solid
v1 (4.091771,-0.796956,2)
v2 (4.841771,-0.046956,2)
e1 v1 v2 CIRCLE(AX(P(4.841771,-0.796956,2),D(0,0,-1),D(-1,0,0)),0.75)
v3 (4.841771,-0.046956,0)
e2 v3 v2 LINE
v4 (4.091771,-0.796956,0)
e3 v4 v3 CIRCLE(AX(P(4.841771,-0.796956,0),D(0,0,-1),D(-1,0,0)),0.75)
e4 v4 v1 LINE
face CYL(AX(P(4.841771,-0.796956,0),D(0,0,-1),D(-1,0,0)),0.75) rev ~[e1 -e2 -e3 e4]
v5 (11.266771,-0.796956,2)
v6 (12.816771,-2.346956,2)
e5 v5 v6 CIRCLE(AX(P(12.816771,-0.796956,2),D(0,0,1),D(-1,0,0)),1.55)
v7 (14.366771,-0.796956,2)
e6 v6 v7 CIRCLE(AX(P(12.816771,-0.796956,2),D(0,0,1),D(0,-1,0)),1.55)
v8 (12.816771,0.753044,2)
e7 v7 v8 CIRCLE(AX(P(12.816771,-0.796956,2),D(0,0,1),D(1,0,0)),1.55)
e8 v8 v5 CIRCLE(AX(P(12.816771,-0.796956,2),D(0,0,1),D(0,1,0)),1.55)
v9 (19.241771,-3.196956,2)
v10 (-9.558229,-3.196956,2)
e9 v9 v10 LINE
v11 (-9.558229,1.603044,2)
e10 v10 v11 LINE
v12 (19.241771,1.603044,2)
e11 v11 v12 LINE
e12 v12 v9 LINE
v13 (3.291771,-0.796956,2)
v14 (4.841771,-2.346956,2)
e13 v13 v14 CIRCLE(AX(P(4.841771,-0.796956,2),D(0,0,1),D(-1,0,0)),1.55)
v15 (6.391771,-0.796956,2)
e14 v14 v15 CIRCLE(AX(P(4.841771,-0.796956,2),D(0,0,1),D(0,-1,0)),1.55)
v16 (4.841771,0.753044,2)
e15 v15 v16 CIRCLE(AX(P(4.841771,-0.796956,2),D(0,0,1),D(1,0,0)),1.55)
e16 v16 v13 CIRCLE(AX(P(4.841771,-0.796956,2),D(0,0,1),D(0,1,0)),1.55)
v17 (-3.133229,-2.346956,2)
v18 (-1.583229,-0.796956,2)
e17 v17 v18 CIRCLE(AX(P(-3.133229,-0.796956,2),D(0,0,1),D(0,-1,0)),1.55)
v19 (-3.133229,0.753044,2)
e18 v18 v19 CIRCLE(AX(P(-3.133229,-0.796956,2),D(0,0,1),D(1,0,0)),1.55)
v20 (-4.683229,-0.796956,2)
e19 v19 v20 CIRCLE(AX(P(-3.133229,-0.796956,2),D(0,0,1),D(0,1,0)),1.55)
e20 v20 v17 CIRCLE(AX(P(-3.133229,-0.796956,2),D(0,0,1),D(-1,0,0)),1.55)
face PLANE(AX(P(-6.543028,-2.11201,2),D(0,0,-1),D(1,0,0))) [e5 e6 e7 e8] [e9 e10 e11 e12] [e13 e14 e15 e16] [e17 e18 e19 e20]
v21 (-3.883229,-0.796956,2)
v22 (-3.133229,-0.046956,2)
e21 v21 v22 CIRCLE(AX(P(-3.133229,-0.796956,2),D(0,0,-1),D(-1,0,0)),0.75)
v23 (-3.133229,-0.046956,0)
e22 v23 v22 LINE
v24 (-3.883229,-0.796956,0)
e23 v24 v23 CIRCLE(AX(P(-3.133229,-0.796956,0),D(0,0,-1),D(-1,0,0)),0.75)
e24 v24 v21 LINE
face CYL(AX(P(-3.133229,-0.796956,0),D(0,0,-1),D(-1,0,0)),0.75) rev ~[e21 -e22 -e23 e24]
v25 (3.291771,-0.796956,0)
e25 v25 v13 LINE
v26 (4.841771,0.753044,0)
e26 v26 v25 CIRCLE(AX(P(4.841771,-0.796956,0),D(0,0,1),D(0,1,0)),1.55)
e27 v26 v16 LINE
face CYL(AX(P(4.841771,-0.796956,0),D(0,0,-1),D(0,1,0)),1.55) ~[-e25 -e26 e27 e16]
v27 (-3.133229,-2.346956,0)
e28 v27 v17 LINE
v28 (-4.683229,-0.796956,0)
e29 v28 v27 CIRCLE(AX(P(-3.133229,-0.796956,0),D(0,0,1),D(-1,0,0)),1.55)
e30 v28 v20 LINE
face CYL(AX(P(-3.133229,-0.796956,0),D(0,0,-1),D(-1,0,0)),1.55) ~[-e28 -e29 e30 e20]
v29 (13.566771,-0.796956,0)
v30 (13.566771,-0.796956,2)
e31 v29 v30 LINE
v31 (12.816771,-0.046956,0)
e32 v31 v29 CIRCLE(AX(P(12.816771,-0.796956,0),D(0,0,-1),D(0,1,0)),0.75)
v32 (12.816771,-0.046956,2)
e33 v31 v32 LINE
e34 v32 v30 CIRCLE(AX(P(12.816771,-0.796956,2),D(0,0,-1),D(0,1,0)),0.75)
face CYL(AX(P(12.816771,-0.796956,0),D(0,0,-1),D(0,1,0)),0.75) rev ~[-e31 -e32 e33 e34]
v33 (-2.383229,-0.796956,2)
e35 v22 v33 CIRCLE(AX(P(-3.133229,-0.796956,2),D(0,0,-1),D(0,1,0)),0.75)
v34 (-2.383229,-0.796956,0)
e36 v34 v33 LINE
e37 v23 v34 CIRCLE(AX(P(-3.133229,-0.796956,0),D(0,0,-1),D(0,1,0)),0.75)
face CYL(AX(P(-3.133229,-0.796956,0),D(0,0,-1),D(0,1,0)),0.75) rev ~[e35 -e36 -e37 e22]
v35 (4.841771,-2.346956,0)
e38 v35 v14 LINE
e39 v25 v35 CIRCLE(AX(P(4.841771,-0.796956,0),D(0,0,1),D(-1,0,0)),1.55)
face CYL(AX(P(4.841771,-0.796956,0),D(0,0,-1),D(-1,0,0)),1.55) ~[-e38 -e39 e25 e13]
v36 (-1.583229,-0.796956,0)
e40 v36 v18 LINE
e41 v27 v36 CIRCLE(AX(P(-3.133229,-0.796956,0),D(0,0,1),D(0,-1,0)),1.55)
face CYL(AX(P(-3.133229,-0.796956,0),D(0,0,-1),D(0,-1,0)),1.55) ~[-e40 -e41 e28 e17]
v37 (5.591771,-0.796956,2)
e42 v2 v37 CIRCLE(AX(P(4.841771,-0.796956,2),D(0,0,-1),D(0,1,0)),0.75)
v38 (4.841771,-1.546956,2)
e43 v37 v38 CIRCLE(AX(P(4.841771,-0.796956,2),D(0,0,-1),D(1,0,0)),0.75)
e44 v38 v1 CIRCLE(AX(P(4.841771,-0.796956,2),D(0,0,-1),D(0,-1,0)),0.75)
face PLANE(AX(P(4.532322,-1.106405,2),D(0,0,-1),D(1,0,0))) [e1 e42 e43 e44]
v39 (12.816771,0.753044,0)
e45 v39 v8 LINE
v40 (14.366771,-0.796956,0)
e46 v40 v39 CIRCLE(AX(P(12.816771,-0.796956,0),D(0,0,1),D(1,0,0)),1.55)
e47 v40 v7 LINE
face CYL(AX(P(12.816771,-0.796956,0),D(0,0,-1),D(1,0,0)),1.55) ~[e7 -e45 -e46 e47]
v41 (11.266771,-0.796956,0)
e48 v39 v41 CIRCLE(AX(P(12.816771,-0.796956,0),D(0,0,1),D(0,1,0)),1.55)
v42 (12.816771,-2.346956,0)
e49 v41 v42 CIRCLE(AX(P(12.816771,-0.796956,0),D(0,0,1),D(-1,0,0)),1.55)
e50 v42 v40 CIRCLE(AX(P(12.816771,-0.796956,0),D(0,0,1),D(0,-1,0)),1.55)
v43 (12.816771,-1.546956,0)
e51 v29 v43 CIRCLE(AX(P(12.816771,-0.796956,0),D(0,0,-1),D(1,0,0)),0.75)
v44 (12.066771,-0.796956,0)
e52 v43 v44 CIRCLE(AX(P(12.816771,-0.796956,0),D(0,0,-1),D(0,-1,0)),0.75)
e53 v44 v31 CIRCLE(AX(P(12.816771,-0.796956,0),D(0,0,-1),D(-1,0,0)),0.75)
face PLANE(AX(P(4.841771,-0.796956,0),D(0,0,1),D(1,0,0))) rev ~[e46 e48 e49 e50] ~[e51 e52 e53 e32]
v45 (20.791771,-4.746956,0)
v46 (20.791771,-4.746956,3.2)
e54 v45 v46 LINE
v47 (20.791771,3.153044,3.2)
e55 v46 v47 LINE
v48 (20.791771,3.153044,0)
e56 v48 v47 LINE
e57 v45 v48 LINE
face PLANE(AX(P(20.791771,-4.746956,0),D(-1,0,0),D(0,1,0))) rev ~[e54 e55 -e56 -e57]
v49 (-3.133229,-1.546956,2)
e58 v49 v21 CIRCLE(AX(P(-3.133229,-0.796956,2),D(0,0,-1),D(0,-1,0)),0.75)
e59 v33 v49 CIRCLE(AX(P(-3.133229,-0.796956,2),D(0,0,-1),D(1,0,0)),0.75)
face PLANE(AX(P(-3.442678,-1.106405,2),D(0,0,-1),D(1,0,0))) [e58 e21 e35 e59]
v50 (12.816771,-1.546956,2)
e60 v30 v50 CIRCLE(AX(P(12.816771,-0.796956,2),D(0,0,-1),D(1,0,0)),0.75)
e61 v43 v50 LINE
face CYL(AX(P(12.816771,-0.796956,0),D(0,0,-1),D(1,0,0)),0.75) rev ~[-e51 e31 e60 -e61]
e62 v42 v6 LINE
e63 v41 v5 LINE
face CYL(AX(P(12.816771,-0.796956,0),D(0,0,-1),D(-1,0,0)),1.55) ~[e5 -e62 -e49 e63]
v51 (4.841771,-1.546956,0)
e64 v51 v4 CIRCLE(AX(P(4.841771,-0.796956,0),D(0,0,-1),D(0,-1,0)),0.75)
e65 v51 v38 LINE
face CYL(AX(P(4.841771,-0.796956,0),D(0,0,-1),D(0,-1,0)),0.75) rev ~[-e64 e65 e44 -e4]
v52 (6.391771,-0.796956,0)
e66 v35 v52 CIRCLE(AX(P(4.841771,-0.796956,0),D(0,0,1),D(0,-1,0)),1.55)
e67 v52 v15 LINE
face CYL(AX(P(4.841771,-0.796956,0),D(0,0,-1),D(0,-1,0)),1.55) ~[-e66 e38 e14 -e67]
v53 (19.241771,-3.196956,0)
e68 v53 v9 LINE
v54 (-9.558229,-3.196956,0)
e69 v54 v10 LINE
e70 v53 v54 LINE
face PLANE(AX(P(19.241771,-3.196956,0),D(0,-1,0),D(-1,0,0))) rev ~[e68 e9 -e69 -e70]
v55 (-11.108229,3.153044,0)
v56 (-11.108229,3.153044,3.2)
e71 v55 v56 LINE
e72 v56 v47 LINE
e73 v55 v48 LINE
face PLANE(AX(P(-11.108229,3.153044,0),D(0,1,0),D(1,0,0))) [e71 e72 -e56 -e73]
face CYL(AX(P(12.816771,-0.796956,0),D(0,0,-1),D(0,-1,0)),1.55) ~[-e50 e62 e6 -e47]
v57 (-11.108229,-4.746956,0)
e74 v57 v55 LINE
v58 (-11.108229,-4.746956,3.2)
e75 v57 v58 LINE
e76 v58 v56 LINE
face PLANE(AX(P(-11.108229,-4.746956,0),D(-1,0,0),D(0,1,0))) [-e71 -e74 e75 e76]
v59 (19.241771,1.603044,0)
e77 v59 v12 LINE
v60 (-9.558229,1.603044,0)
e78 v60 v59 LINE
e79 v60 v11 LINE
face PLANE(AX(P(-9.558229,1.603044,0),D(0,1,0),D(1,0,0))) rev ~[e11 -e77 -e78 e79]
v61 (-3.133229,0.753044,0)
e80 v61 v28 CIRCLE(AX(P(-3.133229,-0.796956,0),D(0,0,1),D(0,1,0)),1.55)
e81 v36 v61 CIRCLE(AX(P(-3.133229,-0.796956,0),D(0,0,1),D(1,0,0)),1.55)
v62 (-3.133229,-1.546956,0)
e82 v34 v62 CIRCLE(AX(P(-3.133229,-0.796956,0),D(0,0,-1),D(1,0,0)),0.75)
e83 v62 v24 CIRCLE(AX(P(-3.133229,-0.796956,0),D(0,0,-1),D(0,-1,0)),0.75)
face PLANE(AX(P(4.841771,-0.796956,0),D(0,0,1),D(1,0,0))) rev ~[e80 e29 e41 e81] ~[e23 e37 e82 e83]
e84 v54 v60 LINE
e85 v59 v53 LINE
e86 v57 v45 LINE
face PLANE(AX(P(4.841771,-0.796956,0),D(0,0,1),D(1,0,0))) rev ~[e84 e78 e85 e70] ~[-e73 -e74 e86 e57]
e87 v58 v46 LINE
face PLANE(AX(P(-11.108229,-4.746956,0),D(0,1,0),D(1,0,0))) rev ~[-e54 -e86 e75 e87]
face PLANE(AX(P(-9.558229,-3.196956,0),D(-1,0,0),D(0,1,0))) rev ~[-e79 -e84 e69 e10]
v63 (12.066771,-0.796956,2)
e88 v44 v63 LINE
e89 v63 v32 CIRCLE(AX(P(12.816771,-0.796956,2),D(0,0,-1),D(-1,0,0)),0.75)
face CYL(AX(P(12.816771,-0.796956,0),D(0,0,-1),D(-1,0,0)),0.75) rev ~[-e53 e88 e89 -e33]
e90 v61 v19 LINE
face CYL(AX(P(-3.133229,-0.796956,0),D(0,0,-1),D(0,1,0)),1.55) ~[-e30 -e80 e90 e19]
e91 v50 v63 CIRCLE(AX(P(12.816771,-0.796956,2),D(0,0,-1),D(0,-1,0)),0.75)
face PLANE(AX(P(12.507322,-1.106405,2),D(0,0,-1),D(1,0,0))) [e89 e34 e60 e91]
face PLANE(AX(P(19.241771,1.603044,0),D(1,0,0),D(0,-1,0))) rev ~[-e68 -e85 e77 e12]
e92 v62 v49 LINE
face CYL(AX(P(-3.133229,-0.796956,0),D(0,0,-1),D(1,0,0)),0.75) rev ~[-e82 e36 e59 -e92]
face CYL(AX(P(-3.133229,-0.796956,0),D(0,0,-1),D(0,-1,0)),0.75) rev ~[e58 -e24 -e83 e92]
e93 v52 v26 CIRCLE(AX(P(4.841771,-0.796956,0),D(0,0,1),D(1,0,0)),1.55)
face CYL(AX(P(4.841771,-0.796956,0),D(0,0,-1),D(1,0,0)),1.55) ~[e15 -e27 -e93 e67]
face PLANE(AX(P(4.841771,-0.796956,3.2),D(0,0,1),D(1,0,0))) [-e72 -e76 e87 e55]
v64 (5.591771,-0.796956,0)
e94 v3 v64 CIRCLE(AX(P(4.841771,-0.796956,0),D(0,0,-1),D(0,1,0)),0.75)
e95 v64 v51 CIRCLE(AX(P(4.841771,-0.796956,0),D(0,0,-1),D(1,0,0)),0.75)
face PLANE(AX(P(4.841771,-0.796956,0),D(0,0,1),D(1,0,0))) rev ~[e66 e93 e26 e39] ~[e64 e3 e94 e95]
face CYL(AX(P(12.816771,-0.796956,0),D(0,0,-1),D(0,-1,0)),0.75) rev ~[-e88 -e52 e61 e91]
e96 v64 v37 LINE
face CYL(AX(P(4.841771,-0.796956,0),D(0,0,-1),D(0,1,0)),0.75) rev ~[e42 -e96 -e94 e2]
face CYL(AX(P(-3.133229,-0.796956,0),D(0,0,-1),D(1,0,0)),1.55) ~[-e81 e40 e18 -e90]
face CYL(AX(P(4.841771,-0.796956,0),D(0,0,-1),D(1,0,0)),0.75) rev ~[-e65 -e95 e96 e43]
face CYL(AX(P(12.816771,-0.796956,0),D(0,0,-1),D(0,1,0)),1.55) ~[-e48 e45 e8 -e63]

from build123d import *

# Parameters (mm, degrees)
F0_W     = 31.9
F0_H     = 7.9
F1_DEPTH = 3.2
F3_DEPTH = 2


with BuildPart() as f1:
    # F0 (on Top) → F1 (new body)
    with BuildSketch(Plane.XY):
        with Locations((4.8417709768, -0.7969564563)):
            Rectangle(F0_W, F0_H)
    extrude(amount=F1_DEPTH)

    # F2 (on face) → F3 (cut)
    with BuildSketch(Plane(origin=(0, 0, 0), x_dir=(1, 0, 0), z_dir=(0, 0, -1))):
        with BuildLine():
            Line((-3.1332290232, 3.1969564563), (-9.5582290232, 3.1969564563))
            Line((-9.5582290232, 3.1969564563), (-9.5582290232, 0.7969564563))
            Line((-9.5582290232, 0.7969564563), (-4.6832290232, 0.7969564563))
            ThreePointArc((-4.6832290232, 0.7969564563), (-4.2292445341, 1.8929719672), (-3.1332290232, 2.3469564563))
            Line((-3.1332290232, 2.3469564563), (-3.1332290232, 3.1969564563))
        make_face()
        with BuildLine():
            Line((4.8417709768, 3.1969564563), (-3.1332290232, 3.1969564563))
            Line((-3.1332290232, 3.1969564563), (-3.1332290232, 2.3469564563))
            ThreePointArc((-3.1332290232, 2.3469564563), (-2.0372135124, 1.8929719672), (-1.5832290232, 0.7969564563))
            Line((-1.5832290232, 0.7969564563), (3.2917709768, 0.7969564563))
            ThreePointArc((3.2917709768, 0.7969564563), (3.7457554659, 1.8929719672), (4.8417709768, 2.3469564563))
            Line((4.8417709768, 2.3469564563), (4.8417709768, 3.1969564563))
        make_face()
        with BuildLine():
            Line((12.8167709768, 3.1969564563), (4.8417709768, 3.1969564563))
            Line((4.8417709768, 3.1969564563), (4.8417709768, 2.3469564563))
            ThreePointArc((4.8417709768, 2.3469564563), (5.9377864876, 1.8929719672), (6.3917709768, 0.7969564563))
            Line((6.3917709768, 0.7969564563), (11.2667709768, 0.7969564563))
            ThreePointArc((11.2667709768, 0.7969564563), (11.7207554659, 1.8929719672), (12.8167709768, 2.3469564563))
            Line((12.8167709768, 2.3469564563), (12.8167709768, 3.1969564563))
        make_face()
        with BuildLine():
            Line((19.2417709768, 3.1969564563), (12.8167709768, 3.1969564563))
            Line((12.8167709768, 3.1969564563), (12.8167709768, 2.3469564563))
            ThreePointArc((12.8167709768, 2.3469564563), (13.9127864876, 1.8929719672), (14.3667709768, 0.7969564563))
            Line((14.3667709768, 0.7969564563), (19.2417709768, 0.7969564563))
            Line((19.2417709768, 0.7969564563), (19.2417709768, 3.1969564563))
        make_face()
        with BuildLine():
            Line((19.2417709768, -1.6030435437), (19.2417709768, 0.7969564563))
            Line((19.2417709768, 0.7969564563), (14.3667709768, 0.7969564563))
            ThreePointArc((14.3667709768, 0.7969564563), (13.9127864876, -0.2990590545), (12.8167709768, -0.7530435437))
            Line((12.8167709768, -0.7530435437), (12.8167709768, -1.6030435437))
            Line((12.8167709768, -1.6030435437), (19.2417709768, -1.6030435437))
        make_face()
        with BuildLine():
            Line((11.2667709768, 0.7969564563), (6.3917709768, 0.7969564563))
            ThreePointArc((6.3917709768, 0.7969564563), (5.9377864876, -0.2990590545), (4.8417709768, -0.7530435437))
            Line((4.8417709768, -0.7530435437), (4.8417709768, -1.6030435437))
            Line((4.8417709768, -1.6030435437), (12.8167709768, -1.6030435437))
            Line((12.8167709768, -1.6030435437), (12.8167709768, -0.7530435437))
            ThreePointArc((12.8167709768, -0.7530435437), (11.7207554659, -0.2990590545), (11.2667709768, 0.7969564563))
        make_face()
        with BuildLine():
            Line((3.2917709768, 0.7969564563), (-1.5832290232, 0.7969564563))
            ThreePointArc((-1.5832290232, 0.7969564563), (-2.0372135124, -0.2990590545), (-3.1332290232, -0.7530435437))
            Line((-3.1332290232, -0.7530435437), (-3.1332290232, -1.6030435437))
            Line((-3.1332290232, -1.6030435437), (4.8417709768, -1.6030435437))
            Line((4.8417709768, -1.6030435437), (4.8417709768, -0.7530435437))
            ThreePointArc((4.8417709768, -0.7530435437), (3.7457554659, -0.2990590545), (3.2917709768, 0.7969564563))
        make_face()
        with BuildLine():
            Line((-4.6832290232, 0.7969564563), (-9.5582290232, 0.7969564563))
            Line((-9.5582290232, 0.7969564563), (-9.5582290232, -1.6030435437))
            Line((-9.5582290232, -1.6030435437), (-3.1332290232, -1.6030435437))
            Line((-3.1332290232, -1.6030435437), (-3.1332290232, -0.7530435437))
            ThreePointArc((-3.1332290232, -0.7530435437), (-4.2292445341, -0.2990590545), (-4.6832290232, 0.7969564563))
        make_face()
        with BuildLine():
            Line((-3.1332290232, 0.7969564563), (-3.1332290232, 1.5469564563))
            ThreePointArc((-3.1332290232, 1.5469564563), (-3.6635591091, 1.3272865422), (-3.8832290232, 0.7969564563))
            Line((-3.8832290232, 0.7969564563), (-3.1332290232, 0.7969564563))
        make_face()
        with BuildLine():
            Line((-3.1332290232, 0.7969564563), (-3.8832290232, 0.7969564563))
            ThreePointArc((-3.8832290232, 0.7969564563), (-3.6635591091, 0.2666263705), (-3.1332290232, 0.0469564563))
            Line((-3.1332290232, 0.0469564563), (-3.1332290232, 0.7969564563))
        make_face()
        with BuildLine():
            Line((-2.3832290232, 0.7969564563), (-3.1332290232, 0.7969564563))
            Line((-3.1332290232, 0.7969564563), (-3.1332290232, 0.0469564563))
            ThreePointArc((-3.1332290232, 0.0469564563), (-2.6028989373, 0.2666263705), (-2.3832290232, 0.7969564563))
        make_face()
        with BuildLine():
            ThreePointArc((-2.3832290232, 0.7969564563), (-2.6028989373, 1.3272865422), (-3.1332290232, 1.5469564563))
            Line((-3.1332290232, 1.5469564563), (-3.1332290232, 0.7969564563))
            Line((-3.1332290232, 0.7969564563), (-2.3832290232, 0.7969564563))
        make_face()
        with BuildLine():
            Line((4.8417709768, 0.7969564563), (4.8417709768, 1.5469564563))
            ThreePointArc((4.8417709768, 1.5469564563), (4.3114408909, 1.3272865422), (4.0917709768, 0.7969564563))
            Line((4.0917709768, 0.7969564563), (4.8417709768, 0.7969564563))
        make_face()
        with BuildLine():
            ThreePointArc((5.5917709768, 0.7969564563), (5.3721010627, 1.3272865422), (4.8417709768, 1.5469564563))
            Line((4.8417709768, 1.5469564563), (4.8417709768, 0.7969564563))
            Line((4.8417709768, 0.7969564563), (5.5917709768, 0.7969564563))
        make_face()
        with BuildLine():
            Line((4.8417709768, 0.0469564563), (4.8417709768, 0.7969564563))
            Line((4.8417709768, 0.7969564563), (4.0917709768, 0.7969564563))
            ThreePointArc((4.0917709768, 0.7969564563), (4.3114408909, 0.2666263705), (4.8417709768, 0.0469564563))
        make_face()
        with BuildLine():
            Line((5.5917709768, 0.7969564563), (4.8417709768, 0.7969564563))
            Line((4.8417709768, 0.7969564563), (4.8417709768, 0.0469564563))
            ThreePointArc((4.8417709768, 0.0469564563), (5.3721010627, 0.2666263705), (5.5917709768, 0.7969564563))
        make_face()
        with BuildLine():
            Line((12.8167709768, 0.7969564563), (12.8167709768, 1.5469564563))
            ThreePointArc((12.8167709768, 1.5469564563), (12.2864408909, 1.3272865422), (12.0667709768, 0.7969564563))
            Line((12.0667709768, 0.7969564563), (12.8167709768, 0.7969564563))
        make_face()
        with BuildLine():
            ThreePointArc((13.5667709768, 0.7969564563), (13.3471010627, 1.3272865422), (12.8167709768, 1.5469564563))
            Line((12.8167709768, 1.5469564563), (12.8167709768, 0.7969564563))
            Line((12.8167709768, 0.7969564563), (13.5667709768, 0.7969564563))
        make_face()
        with BuildLine():
            Line((13.5667709768, 0.7969564563), (12.8167709768, 0.7969564563))
            Line((12.8167709768, 0.7969564563), (12.8167709768, 0.0469564563))
            ThreePointArc((12.8167709768, 0.0469564563), (13.3471010627, 0.2666263705), (13.5667709768, 0.7969564563))
        make_face()
        with BuildLine():
            Line((12.8167709768, 0.0469564563), (12.8167709768, 0.7969564563))
            Line((12.8167709768, 0.7969564563), (12.0667709768, 0.7969564563))
            ThreePointArc((12.0667709768, 0.7969564563), (12.2864408909, 0.2666263705), (12.8167709768, 0.0469564563))
        make_face()
    extrude(amount=-F3_DEPTH, mode=Mode.SUBTRACT)


solid = f1.part
